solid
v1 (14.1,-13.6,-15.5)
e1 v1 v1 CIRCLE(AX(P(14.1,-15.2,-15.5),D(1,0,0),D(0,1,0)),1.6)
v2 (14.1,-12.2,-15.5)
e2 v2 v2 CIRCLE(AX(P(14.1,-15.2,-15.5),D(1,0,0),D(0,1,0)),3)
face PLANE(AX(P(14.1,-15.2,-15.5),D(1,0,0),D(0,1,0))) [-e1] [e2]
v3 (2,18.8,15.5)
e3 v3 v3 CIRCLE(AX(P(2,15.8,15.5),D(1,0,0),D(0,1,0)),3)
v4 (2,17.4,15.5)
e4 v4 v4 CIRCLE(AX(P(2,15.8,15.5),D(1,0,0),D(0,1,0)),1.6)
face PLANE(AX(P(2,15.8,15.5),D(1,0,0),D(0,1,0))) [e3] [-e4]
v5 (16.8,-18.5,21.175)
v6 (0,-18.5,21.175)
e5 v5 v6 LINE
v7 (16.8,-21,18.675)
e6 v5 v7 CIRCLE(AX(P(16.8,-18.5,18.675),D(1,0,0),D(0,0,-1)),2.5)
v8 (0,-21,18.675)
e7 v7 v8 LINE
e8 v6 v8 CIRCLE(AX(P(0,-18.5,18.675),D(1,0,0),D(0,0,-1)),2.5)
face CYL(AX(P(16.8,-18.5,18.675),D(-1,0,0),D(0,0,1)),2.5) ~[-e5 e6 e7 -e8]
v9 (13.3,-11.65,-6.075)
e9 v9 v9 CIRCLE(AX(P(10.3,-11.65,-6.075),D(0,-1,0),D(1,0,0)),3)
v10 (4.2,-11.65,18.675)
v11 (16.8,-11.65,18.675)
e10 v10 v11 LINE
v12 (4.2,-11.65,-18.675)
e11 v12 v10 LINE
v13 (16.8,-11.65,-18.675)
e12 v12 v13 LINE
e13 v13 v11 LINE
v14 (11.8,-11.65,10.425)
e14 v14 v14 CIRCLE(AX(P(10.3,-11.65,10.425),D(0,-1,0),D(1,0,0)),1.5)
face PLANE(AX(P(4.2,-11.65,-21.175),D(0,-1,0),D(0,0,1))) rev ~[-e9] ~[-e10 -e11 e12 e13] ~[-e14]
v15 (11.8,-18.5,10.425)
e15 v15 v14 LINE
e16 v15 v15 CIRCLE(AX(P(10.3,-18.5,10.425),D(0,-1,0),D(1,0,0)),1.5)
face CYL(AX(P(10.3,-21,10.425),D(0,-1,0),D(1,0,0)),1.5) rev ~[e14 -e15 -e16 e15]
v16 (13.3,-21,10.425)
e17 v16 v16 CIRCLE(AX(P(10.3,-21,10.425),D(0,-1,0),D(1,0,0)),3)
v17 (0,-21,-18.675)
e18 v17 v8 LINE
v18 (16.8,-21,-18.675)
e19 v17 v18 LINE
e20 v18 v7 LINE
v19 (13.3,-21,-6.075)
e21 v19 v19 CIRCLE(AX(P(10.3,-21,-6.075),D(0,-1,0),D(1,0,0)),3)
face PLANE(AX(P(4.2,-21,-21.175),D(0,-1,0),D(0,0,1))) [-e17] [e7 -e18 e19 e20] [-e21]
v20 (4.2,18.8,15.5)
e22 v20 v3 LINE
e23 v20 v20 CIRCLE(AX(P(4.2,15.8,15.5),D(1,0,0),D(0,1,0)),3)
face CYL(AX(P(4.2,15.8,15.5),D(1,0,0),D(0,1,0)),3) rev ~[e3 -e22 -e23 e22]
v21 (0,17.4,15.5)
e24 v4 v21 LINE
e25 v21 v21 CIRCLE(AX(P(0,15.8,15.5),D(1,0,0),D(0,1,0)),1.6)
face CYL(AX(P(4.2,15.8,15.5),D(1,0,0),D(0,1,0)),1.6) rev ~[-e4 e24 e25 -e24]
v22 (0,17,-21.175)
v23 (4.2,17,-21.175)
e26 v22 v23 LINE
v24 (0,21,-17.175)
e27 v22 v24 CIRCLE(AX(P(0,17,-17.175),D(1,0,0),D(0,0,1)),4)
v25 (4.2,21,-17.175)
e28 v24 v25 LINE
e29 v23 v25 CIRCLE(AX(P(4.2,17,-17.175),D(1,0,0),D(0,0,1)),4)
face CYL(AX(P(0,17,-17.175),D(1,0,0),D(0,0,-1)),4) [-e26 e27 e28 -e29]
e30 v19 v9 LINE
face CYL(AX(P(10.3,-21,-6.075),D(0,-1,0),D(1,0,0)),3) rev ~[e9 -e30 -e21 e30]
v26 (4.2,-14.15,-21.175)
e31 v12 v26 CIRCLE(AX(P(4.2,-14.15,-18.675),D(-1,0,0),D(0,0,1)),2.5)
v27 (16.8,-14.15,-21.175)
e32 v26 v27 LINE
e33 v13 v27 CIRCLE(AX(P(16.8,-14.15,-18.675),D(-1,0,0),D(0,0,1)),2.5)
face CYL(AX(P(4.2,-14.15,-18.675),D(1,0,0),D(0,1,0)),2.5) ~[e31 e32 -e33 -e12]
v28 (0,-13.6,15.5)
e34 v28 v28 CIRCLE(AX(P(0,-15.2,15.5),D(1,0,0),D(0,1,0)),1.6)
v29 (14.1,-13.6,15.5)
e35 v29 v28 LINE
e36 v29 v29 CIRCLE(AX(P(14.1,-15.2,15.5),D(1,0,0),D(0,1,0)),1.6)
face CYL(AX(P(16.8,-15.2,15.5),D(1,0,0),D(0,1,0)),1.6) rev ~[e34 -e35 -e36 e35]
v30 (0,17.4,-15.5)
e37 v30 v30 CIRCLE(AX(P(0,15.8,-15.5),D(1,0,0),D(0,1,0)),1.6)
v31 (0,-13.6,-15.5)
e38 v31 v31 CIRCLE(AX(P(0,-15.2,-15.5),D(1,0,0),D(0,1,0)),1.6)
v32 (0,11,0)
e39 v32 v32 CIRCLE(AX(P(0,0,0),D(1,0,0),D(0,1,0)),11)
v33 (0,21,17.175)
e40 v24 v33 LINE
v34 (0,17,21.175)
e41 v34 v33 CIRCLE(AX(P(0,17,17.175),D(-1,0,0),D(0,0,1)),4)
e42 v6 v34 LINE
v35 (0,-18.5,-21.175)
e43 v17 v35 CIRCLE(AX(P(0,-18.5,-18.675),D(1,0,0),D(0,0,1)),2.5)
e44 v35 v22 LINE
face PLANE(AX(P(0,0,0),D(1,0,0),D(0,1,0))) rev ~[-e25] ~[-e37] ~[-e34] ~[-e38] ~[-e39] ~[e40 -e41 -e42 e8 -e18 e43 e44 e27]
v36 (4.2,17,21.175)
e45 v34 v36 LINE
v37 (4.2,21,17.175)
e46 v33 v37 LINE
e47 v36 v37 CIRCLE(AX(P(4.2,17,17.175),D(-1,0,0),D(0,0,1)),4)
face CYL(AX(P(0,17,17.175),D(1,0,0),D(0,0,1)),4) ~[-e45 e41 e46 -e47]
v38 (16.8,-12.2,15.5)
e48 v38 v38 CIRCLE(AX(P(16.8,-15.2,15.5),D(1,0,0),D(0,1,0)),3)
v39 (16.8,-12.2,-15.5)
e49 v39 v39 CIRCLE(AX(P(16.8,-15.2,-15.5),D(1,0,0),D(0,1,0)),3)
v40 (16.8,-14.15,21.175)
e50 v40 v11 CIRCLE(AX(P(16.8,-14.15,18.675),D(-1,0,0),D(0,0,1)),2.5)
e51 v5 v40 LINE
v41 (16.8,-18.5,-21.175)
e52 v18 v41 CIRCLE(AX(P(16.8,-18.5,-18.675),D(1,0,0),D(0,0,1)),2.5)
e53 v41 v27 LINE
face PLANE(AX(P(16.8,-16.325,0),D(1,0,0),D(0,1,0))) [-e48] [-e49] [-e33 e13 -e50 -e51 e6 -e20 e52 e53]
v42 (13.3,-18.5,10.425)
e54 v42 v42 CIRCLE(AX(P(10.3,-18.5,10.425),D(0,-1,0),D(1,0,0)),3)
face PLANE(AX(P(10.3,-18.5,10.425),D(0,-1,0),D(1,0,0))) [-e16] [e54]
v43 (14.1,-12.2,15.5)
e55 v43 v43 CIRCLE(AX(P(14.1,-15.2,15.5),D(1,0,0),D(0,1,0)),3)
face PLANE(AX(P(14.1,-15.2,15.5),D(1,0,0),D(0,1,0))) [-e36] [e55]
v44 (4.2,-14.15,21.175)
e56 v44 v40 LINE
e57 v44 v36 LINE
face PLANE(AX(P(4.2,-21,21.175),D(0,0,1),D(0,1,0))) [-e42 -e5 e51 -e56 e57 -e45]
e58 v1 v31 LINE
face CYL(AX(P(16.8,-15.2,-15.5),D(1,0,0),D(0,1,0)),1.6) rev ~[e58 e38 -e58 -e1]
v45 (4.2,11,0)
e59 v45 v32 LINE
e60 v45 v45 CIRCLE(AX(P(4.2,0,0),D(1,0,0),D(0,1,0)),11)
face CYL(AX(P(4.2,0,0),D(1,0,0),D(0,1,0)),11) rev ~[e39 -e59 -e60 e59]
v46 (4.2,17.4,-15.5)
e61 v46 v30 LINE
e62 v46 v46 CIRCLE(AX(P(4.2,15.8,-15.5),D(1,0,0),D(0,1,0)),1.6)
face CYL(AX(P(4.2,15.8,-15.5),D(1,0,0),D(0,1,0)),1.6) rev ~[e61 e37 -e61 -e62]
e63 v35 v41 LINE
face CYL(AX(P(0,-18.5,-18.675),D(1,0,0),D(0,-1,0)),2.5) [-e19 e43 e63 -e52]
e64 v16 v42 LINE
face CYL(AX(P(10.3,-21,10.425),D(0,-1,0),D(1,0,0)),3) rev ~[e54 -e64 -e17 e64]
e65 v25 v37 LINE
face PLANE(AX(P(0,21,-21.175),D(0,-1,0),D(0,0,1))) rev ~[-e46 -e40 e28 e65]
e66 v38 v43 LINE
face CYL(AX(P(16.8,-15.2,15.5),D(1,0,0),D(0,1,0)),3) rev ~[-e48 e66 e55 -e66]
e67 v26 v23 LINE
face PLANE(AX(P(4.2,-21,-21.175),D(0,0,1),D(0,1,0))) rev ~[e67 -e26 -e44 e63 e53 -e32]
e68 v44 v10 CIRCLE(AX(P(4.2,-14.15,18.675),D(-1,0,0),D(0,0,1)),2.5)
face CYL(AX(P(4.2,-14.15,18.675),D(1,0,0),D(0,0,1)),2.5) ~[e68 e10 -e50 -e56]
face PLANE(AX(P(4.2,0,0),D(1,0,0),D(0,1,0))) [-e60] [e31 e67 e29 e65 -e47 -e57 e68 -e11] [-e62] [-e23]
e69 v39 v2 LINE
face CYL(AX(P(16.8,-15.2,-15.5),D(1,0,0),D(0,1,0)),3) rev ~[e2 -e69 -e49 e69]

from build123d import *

# Parameters (mm, degrees)
F0_W      = 42
F0_H      = 42.35
F1_DEPTH  = 4.2
F2_R      = 11
F2_R_2    = 1.6
F3_DEPTH  = 4.201
F4_W      = 9.35
F4_H      = 42.35
F5_DEPTH  = 12.6
F6_R      = 1.6
F7_DEPTH  = 16.801
F8_R      = 3
F9_DEPTH  = 2.7
F10_R     = 3
F11_DEPTH = 2.2
F12_R     = 4
F13_R     = 2.5
F14_R     = 1.5
F14_R_2   = 3
F15_DEPTH = 42.001
F16_R     = 3
F17_DEPTH = 2.5


with BuildPart() as f1:
    # F0 (on Right) → F1 (new body)
    with BuildSketch(Plane.YZ):
        Rectangle(F0_W, F0_H)
    extrude(amount=F1_DEPTH)

    # F2 (on face) → F3 (cut, through all)
    with BuildSketch(Plane.YZ.offset(4.2)):
        Circle(F2_R)
        with Locations((15.8, 15.5)):
            Circle(F2_R_2)
        with Locations((15.8, -15.5)):
            Circle(F2_R_2)
    extrude(amount=-F3_DEPTH, mode=Mode.SUBTRACT)

    # F4 (on face) → F5 (join)
    with BuildSketch(Plane.YZ.offset(4.2)):
        with Locations((-16.325, 0)):
            Rectangle(F4_W, F4_H)
    extrude(amount=F5_DEPTH)

    # F6 (on face) → F7 (cut, through all)
    with BuildSketch(Plane.YZ.offset(16.8)):
        with Locations((-15.2, 15.5)):
            Circle(F6_R)
        with Locations((-15.2, -15.5)):
            Circle(F6_R)
    extrude(amount=-F7_DEPTH, mode=Mode.SUBTRACT)

    # F8 (on face) → F9 (cut)
    with BuildSketch(Plane.YZ.offset(16.8)):
        with Locations((-15.2, -15.5)):
            Circle(F8_R)
        with Locations((-15.2, 15.5)):
            Circle(F8_R)
    extrude(amount=-F9_DEPTH, mode=Mode.SUBTRACT)

    # F10 (on face) → F11 (cut)
    with BuildSketch(Plane.YZ.offset(4.2)):
        with Locations((15.8, 15.5)):
            Circle(F10_R)
    extrude(amount=-F11_DEPTH, mode=Mode.SUBTRACT)

    # F12
    f12_edges = [f1.edges().sort_by_distance(p)[0] for p in [
        (2.1, 21, 21.175),
        (2.1, 21, -21.175),
    ]]
    fillet(f12_edges, radius=F12_R)

    # F13
    f13_edges = [f1.edges().sort_by_distance(p)[0] for p in [
        (10.5, -11.65, 21.175),
        (10.5, -11.65, -21.175),
        (8.4, -21, 21.175),
        (8.4, -21, -21.175),
    ]]
    fillet(f13_edges, radius=F13_R)

    # F14 (on face) → F15 (cut, through all)
    with BuildSketch(Plane.XZ.offset(21)):
        with Locations((10.3, 10.425)):
            Circle(F14_R)
        with Locations((10.3, -6.075)):
            Circle(F14_R_2)
    extrude(amount=-F15_DEPTH, mode=Mode.SUBTRACT)

    # F16 (on face) → F17 (cut)
    with BuildSketch(Plane.XZ.offset(21)):
        with Locations((10.3, 10.425)):
            Circle(F16_R)
    extrude(amount=-F17_DEPTH, mode=Mode.SUBTRACT)


solid = f1.part
